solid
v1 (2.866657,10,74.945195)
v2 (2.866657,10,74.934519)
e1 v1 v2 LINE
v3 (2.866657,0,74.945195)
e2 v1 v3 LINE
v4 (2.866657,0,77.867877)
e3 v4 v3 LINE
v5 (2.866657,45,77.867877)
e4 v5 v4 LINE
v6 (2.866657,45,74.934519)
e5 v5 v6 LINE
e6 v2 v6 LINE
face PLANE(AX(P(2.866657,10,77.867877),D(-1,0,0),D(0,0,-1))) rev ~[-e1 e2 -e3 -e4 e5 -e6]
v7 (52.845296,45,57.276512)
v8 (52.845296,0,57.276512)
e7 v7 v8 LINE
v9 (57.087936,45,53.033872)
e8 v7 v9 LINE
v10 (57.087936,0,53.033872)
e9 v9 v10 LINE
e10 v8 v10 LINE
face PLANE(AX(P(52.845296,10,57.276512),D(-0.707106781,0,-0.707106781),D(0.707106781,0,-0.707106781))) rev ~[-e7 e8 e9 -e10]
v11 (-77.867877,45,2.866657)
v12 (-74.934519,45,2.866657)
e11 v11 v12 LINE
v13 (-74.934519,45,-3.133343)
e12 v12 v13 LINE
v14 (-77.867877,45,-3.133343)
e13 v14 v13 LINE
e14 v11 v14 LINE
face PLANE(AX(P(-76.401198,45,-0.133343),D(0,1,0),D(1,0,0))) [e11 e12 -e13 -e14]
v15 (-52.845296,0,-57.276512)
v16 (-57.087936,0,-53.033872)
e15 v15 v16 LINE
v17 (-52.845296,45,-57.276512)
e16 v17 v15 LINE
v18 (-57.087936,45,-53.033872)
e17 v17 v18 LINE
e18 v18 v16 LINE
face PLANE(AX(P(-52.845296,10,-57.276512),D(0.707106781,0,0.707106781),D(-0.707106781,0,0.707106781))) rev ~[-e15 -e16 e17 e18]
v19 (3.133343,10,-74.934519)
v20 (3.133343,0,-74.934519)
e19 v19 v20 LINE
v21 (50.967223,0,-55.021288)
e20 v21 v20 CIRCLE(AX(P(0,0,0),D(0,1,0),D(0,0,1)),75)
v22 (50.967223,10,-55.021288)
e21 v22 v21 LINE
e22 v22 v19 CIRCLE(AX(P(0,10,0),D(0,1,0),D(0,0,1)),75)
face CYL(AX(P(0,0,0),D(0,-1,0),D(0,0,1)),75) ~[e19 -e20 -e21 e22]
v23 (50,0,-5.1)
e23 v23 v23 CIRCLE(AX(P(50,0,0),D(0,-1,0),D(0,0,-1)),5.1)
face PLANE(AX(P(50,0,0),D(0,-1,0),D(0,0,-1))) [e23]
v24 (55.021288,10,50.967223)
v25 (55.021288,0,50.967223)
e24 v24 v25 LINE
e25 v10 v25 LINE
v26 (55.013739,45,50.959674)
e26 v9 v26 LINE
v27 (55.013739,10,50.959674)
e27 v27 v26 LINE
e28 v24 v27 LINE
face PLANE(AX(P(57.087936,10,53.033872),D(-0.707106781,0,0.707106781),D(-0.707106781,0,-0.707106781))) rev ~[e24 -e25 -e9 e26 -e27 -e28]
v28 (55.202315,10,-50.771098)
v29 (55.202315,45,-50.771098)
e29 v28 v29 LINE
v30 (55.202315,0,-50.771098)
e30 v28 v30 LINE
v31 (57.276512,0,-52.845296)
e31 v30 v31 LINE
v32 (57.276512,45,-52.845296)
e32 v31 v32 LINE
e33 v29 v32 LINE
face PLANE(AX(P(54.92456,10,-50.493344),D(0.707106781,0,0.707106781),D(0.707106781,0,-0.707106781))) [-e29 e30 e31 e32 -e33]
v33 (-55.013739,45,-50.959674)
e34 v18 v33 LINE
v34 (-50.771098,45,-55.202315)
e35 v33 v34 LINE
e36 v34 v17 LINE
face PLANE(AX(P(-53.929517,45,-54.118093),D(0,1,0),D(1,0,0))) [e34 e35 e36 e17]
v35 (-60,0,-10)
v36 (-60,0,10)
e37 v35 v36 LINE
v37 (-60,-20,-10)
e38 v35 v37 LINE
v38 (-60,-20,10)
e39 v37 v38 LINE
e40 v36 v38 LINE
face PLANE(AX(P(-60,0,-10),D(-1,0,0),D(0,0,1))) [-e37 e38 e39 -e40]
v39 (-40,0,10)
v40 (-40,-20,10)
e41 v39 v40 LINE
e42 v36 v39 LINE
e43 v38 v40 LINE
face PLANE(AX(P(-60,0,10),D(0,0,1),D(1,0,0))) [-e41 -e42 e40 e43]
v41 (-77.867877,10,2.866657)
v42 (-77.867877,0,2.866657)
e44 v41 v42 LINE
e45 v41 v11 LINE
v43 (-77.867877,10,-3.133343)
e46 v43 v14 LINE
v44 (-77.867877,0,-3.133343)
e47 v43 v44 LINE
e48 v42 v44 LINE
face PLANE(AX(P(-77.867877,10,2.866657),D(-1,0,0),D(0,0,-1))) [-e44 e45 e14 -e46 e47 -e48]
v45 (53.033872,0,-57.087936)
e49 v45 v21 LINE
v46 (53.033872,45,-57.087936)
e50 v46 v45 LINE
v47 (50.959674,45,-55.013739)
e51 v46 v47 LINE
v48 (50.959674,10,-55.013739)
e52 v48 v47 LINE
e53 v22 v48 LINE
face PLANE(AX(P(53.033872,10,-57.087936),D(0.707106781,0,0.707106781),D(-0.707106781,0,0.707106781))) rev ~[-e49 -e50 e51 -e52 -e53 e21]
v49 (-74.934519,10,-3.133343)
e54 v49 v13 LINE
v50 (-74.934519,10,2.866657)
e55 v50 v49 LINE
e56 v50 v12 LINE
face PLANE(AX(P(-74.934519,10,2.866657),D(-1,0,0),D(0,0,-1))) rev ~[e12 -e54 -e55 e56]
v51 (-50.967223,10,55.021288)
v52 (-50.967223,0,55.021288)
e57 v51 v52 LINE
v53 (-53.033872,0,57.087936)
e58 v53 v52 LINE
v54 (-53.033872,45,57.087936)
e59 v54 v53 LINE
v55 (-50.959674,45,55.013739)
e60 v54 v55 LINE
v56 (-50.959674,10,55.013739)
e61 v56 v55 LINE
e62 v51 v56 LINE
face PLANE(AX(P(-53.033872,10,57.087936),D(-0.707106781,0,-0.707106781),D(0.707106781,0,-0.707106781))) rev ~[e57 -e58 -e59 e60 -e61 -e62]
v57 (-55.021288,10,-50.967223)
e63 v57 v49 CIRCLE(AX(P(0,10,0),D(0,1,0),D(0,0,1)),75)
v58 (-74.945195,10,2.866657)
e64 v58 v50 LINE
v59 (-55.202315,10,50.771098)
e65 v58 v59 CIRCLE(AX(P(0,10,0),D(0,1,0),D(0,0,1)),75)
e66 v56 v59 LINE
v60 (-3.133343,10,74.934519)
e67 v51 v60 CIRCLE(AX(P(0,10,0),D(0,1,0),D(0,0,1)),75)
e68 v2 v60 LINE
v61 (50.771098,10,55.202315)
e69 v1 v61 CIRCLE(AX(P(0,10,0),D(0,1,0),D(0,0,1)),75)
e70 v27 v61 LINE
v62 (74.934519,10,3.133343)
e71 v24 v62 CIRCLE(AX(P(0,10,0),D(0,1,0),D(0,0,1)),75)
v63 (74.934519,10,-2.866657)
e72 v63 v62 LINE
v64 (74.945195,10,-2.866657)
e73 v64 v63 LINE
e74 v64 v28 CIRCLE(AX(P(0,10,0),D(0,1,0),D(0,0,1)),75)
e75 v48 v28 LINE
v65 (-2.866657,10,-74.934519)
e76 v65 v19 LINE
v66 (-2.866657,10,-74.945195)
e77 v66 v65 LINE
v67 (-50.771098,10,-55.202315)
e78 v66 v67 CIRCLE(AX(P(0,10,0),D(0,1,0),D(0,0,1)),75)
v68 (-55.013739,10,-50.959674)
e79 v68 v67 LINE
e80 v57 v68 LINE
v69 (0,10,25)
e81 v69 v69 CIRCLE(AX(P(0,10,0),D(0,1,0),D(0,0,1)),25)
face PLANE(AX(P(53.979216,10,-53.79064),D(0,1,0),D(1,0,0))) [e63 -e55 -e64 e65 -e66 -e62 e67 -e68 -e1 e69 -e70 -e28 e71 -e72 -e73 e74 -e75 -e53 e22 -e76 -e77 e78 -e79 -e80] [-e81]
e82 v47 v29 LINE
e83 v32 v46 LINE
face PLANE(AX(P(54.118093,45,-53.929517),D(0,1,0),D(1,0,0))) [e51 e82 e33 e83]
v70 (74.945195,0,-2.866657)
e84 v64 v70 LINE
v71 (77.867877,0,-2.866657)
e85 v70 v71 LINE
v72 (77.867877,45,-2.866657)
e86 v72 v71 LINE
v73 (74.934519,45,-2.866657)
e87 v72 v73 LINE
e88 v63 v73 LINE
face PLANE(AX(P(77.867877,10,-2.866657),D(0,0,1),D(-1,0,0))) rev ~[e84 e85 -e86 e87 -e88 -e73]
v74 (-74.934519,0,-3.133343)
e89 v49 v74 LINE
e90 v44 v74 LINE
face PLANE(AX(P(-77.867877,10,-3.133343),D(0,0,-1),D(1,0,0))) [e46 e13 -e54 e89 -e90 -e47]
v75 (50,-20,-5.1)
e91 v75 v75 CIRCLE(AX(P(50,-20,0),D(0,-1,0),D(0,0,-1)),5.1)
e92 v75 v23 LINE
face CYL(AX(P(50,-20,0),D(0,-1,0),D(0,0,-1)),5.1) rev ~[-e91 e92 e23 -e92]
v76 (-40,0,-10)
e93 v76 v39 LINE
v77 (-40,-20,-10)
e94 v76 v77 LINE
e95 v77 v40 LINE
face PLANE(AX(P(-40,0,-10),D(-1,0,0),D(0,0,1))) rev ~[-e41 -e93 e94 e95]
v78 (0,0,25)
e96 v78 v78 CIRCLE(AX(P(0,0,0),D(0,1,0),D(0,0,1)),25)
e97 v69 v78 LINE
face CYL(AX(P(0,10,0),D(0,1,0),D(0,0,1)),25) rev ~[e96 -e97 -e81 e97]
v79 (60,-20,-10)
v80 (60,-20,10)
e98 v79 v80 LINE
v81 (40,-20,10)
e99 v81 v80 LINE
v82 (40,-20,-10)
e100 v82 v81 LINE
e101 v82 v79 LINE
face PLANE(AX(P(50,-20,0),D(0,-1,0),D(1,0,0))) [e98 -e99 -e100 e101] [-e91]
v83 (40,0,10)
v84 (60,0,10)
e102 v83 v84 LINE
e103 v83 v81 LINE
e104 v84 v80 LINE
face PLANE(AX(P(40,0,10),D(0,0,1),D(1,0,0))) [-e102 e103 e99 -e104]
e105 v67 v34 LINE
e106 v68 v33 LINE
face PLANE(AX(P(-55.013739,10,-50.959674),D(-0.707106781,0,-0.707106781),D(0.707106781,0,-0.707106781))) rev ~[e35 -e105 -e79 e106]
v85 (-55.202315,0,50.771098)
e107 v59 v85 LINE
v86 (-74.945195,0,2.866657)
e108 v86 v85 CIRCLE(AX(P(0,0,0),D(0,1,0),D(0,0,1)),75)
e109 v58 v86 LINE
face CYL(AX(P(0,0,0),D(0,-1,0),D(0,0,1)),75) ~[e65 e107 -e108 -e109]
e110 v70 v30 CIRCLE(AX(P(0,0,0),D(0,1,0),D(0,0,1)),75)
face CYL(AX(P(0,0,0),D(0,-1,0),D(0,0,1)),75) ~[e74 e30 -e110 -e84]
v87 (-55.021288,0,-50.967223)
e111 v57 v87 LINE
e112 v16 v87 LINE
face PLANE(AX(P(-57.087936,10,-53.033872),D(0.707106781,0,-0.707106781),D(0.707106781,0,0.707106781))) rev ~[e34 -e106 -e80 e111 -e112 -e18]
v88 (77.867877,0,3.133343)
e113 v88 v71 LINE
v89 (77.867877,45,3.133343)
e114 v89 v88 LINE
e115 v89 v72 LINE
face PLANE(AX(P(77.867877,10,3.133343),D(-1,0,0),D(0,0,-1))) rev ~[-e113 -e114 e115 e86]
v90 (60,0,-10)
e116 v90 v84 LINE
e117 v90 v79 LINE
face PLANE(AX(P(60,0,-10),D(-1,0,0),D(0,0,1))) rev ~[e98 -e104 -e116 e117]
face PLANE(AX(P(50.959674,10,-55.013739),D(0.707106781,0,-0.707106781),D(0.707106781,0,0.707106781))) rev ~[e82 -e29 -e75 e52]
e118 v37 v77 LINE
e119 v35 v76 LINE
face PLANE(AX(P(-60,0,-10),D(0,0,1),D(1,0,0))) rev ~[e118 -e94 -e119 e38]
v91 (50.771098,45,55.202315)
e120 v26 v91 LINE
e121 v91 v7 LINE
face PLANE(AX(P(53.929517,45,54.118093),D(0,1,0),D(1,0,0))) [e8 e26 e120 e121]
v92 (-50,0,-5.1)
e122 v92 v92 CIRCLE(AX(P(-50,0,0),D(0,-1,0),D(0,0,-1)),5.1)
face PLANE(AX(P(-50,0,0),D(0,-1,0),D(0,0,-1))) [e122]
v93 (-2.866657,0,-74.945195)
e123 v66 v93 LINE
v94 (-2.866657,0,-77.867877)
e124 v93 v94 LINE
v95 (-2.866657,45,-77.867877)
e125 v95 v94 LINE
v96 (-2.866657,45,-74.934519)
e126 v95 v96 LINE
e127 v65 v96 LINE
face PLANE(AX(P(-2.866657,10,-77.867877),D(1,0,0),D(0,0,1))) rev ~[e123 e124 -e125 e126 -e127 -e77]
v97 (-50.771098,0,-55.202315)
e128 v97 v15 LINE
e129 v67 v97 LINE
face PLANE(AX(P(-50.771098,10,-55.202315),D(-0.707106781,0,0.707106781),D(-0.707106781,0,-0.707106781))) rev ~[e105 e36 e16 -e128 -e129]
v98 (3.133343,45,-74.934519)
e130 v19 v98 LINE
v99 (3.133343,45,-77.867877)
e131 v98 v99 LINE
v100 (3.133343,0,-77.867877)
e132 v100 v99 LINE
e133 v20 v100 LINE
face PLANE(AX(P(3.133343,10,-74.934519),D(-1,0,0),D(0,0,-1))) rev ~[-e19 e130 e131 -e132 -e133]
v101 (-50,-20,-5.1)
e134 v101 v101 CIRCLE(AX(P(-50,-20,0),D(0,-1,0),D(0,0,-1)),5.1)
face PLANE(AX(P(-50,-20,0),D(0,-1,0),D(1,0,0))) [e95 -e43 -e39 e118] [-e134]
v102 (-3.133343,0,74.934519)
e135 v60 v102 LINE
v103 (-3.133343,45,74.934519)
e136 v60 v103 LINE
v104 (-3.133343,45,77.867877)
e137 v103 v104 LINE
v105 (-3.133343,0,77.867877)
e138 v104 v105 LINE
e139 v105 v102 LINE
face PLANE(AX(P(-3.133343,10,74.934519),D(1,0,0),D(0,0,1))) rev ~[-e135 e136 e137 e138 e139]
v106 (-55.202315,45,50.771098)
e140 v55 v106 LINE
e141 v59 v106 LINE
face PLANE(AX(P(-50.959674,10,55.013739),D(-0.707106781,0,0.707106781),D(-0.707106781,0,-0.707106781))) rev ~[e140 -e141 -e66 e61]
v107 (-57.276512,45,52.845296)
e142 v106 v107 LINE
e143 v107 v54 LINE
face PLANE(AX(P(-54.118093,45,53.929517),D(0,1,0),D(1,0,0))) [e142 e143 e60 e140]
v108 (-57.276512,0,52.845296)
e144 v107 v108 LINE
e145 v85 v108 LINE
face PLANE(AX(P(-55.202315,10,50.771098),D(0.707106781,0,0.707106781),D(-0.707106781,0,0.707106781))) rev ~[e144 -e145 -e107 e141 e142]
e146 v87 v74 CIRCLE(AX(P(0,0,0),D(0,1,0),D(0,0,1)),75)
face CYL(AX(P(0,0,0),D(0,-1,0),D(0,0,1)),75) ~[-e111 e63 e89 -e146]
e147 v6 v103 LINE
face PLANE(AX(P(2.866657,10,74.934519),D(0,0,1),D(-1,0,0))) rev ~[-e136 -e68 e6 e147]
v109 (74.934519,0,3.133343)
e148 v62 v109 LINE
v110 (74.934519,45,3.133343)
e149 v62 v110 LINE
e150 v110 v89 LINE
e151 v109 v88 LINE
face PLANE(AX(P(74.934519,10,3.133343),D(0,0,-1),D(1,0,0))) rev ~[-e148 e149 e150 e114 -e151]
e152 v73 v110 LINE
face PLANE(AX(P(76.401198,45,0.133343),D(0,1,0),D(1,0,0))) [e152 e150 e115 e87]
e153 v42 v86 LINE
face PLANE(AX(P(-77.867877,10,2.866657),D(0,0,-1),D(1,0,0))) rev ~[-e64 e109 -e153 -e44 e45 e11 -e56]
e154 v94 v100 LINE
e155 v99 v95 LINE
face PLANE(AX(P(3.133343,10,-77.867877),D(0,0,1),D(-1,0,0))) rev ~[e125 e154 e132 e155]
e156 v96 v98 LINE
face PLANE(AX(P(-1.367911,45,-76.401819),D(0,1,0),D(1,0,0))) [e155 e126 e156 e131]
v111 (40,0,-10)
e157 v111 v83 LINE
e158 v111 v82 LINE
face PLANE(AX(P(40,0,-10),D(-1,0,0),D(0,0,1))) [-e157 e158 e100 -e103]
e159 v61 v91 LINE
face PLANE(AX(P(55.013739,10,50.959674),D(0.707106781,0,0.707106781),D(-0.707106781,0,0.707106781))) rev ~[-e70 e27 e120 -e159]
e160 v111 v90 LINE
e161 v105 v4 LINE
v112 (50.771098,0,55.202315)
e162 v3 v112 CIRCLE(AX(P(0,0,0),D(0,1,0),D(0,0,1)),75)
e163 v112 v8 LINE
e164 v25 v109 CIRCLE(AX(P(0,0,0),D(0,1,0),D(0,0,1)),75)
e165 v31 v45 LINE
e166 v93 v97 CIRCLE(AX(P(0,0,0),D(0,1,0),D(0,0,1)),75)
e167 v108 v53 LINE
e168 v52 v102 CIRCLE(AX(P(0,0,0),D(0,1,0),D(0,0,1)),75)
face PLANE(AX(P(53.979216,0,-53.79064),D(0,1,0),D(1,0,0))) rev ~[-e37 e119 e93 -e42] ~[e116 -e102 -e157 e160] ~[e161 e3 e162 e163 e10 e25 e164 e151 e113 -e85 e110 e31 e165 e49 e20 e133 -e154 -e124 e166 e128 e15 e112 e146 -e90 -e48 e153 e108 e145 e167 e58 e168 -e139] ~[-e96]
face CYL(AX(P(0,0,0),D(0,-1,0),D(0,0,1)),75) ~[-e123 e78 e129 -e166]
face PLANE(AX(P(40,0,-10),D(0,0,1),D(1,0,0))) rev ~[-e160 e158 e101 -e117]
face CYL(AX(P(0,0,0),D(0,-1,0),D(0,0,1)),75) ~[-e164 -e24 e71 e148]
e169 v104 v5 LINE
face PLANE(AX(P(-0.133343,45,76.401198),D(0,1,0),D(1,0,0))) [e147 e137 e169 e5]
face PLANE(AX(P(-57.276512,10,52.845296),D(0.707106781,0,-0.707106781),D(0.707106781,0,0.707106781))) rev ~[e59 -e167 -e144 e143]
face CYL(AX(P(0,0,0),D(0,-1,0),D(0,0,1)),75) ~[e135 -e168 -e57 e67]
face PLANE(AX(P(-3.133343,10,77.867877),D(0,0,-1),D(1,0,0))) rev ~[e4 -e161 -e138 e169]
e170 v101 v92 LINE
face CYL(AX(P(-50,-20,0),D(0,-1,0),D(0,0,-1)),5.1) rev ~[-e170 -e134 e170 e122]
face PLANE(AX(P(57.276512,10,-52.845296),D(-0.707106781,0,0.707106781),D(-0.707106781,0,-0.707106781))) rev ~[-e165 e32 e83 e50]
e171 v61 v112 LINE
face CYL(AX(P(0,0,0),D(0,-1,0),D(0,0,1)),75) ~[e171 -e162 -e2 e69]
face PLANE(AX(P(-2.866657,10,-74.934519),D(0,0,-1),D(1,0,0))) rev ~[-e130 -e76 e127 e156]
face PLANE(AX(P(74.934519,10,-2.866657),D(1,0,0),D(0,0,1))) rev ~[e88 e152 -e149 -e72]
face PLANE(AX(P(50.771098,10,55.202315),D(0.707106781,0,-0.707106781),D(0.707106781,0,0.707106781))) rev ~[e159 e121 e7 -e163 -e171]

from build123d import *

# Parameters (mm, degrees)
SKETCH1_R           = 75
BOSS_EXTRUDE1_DEPTH = 10
SKETCH2_R           = 25
CUT_EXTRUDE1_DEPTH  = 10
SKETCH3_W           = 20
SKETCH3_H           = 20
BOSS_EXTRUDE2_DEPTH = 20
SKETCH4_R           = 5.1
CUT_EXTRUDE2_DEPTH  = 20
SKETCH5_W           = 6
SKETCH5_H           = 3.326162104
SKETCH5_W_2         = 3.326162104
SKETCH5_H_2         = 6
BOSS_EXTRUDE3_DEPTH = 10
SKETCH6_W           = 2.933357957
SKETCH6_H           = 6
BOSS_EXTRUDE4_DEPTH = 35


with BuildPart() as part:
    # Sketch1 → Boss-Extrude1 (new body)
    with BuildSketch(Plane(origin=(0, 0, 0), x_dir=(1, 0, 0), z_dir=(0, 1, 0))):
        with Locations(Location((0, 0, 0), (0, 0, 270))):
            Circle(SKETCH1_R)
    extrude(amount=BOSS_EXTRUDE1_DEPTH)

    # Sketch2 → Cut-Extrude1 (cut)
    with BuildSketch(Plane(origin=(0, 10, 0), x_dir=(1, 0, 0), z_dir=(0, 1, 0))):
        with Locations(Location((0, 0, 0), (0, 0, 270))):
            Circle(SKETCH2_R)
    extrude(amount=-CUT_EXTRUDE1_DEPTH, mode=Mode.SUBTRACT)

    # Sketch3 → Boss-Extrude2 (add)
    with BuildSketch(Plane.XZ):
        with Locations((50, 0)):
            Rectangle(SKETCH3_W, SKETCH3_H)
        with Locations((-50, 0)):
            Rectangle(SKETCH3_W, SKETCH3_H)
    extrude(amount=BOSS_EXTRUDE2_DEPTH)

    # Sketch4 → Cut-Extrude2 (cut)
    with BuildSketch(Plane.XZ.offset(20)):
        with Locations(Location((-50, 0, 0), (0, 0, 270))):
            Circle(SKETCH4_R)
        with Locations(Location((50, 0, 0), (0, 0, 270))):
            Circle(SKETCH4_R)
    extrude(amount=-CUT_EXTRUDE2_DEPTH, mode=Mode.SUBTRACT)

    # Sketch5 → Boss-Extrude3 (add)
    with BuildSketch(Plane(origin=(0, 10, 0), x_dir=(1, 0, 0), z_dir=(0, 1, 0))):
        Polygon((53.03387152, 57.087936355), (50.681919741, 54.735984576), (54.924560428, 50.493343889), (57.276512207, 52.845295668), align=None)
        with Locations((0.133343264, 76.204796053)):
            Rectangle(SKETCH5_W, SKETCH5_H)
        with Locations((76.204796053, -0.133343264)):
            Rectangle(SKETCH5_W_2, SKETCH5_H_2)
        Polygon((57.087936355, -53.03387152), (54.735984576, -50.681919741), (50.493343889, -54.924560428), (52.845295668, -57.276512207), align=None)
        with Locations((-0.133343264, -76.204796053)):
            Rectangle(SKETCH5_W, SKETCH5_H)
        Polygon((-53.03387152, -57.087936355), (-50.681919741, -54.735984576), (-54.924560428, -50.493343889), (-57.276512207, -52.845295668), align=None)
        with Locations((-76.204796053, 0.133343264)):
            Rectangle(SKETCH5_W_2, SKETCH5_H_2)
        Polygon((-57.087936355, 53.03387152), (-54.735984576, 50.681919741), (-50.493343889, 54.924560428), (-52.845295668, 57.276512207), align=None)
    extrude(amount=-BOSS_EXTRUDE3_DEPTH)

    # Sketch6 → Boss-Extrude4 (add)
    with BuildSketch(Plane(origin=(0, 10, 0), x_dir=(1, 0, 0), z_dir=(0, 1, 0))):
        Polygon((-2.866656736, 74.934519148), (0.128320094, 74.934519148), (0.133343264, 77.867877105), (-2.866656736, 77.867877105), (-2.866656736, 74.945195171), align=None)
        Polygon((0.133343264, 77.867877105), (0.128320094, 74.934519148), (3.133343264, 74.934519148), (3.133343264, 77.867877105), align=None)
        Polygon((-52.845295668, 57.276512207), (-57.087936355, 53.03387152), (-55.02128814, 50.967223305), (-55.013739052, 50.959674217), (-50.771098365, 55.202314904), align=None)
        Polygon((-57.276512207, -52.845295668), (-53.03387152, -57.087936355), (-50.967223305, -55.02128814), (-50.959674217, -55.013739052), (-55.202314904, -50.771098365), align=None)
        Polygon((-3.133343264, -77.867877105), (2.866656736, -77.867877105), (2.866656736, -74.945195171), (2.866656736, -74.934519148), (-3.133343264, -74.934519148), align=None)
        Polygon((52.845295668, -57.276512207), (57.087936355, -53.03387152), (55.02128814, -50.967223305), (55.013739052, -50.959674217), (50.771098365, -55.202314904), align=None)
        Polygon((77.867877105, -3.133343264), (77.867877105, 2.866656736), (74.945195171, 2.866656736), (74.934519148, 2.866656736), (74.934519148, -3.133343264), align=None)
        Polygon((57.276512207, 52.845295668), (53.03387152, 57.087936355), (50.967223305, 55.02128814), (50.959674217, 55.013739052), (55.202314904, 50.771098365), align=None)
        with Locations((-76.401198127, 0.133343264)):
            Rectangle(SKETCH6_W, SKETCH6_H)
    extrude(amount=BOSS_EXTRUDE4_DEPTH)


solid = part.part
